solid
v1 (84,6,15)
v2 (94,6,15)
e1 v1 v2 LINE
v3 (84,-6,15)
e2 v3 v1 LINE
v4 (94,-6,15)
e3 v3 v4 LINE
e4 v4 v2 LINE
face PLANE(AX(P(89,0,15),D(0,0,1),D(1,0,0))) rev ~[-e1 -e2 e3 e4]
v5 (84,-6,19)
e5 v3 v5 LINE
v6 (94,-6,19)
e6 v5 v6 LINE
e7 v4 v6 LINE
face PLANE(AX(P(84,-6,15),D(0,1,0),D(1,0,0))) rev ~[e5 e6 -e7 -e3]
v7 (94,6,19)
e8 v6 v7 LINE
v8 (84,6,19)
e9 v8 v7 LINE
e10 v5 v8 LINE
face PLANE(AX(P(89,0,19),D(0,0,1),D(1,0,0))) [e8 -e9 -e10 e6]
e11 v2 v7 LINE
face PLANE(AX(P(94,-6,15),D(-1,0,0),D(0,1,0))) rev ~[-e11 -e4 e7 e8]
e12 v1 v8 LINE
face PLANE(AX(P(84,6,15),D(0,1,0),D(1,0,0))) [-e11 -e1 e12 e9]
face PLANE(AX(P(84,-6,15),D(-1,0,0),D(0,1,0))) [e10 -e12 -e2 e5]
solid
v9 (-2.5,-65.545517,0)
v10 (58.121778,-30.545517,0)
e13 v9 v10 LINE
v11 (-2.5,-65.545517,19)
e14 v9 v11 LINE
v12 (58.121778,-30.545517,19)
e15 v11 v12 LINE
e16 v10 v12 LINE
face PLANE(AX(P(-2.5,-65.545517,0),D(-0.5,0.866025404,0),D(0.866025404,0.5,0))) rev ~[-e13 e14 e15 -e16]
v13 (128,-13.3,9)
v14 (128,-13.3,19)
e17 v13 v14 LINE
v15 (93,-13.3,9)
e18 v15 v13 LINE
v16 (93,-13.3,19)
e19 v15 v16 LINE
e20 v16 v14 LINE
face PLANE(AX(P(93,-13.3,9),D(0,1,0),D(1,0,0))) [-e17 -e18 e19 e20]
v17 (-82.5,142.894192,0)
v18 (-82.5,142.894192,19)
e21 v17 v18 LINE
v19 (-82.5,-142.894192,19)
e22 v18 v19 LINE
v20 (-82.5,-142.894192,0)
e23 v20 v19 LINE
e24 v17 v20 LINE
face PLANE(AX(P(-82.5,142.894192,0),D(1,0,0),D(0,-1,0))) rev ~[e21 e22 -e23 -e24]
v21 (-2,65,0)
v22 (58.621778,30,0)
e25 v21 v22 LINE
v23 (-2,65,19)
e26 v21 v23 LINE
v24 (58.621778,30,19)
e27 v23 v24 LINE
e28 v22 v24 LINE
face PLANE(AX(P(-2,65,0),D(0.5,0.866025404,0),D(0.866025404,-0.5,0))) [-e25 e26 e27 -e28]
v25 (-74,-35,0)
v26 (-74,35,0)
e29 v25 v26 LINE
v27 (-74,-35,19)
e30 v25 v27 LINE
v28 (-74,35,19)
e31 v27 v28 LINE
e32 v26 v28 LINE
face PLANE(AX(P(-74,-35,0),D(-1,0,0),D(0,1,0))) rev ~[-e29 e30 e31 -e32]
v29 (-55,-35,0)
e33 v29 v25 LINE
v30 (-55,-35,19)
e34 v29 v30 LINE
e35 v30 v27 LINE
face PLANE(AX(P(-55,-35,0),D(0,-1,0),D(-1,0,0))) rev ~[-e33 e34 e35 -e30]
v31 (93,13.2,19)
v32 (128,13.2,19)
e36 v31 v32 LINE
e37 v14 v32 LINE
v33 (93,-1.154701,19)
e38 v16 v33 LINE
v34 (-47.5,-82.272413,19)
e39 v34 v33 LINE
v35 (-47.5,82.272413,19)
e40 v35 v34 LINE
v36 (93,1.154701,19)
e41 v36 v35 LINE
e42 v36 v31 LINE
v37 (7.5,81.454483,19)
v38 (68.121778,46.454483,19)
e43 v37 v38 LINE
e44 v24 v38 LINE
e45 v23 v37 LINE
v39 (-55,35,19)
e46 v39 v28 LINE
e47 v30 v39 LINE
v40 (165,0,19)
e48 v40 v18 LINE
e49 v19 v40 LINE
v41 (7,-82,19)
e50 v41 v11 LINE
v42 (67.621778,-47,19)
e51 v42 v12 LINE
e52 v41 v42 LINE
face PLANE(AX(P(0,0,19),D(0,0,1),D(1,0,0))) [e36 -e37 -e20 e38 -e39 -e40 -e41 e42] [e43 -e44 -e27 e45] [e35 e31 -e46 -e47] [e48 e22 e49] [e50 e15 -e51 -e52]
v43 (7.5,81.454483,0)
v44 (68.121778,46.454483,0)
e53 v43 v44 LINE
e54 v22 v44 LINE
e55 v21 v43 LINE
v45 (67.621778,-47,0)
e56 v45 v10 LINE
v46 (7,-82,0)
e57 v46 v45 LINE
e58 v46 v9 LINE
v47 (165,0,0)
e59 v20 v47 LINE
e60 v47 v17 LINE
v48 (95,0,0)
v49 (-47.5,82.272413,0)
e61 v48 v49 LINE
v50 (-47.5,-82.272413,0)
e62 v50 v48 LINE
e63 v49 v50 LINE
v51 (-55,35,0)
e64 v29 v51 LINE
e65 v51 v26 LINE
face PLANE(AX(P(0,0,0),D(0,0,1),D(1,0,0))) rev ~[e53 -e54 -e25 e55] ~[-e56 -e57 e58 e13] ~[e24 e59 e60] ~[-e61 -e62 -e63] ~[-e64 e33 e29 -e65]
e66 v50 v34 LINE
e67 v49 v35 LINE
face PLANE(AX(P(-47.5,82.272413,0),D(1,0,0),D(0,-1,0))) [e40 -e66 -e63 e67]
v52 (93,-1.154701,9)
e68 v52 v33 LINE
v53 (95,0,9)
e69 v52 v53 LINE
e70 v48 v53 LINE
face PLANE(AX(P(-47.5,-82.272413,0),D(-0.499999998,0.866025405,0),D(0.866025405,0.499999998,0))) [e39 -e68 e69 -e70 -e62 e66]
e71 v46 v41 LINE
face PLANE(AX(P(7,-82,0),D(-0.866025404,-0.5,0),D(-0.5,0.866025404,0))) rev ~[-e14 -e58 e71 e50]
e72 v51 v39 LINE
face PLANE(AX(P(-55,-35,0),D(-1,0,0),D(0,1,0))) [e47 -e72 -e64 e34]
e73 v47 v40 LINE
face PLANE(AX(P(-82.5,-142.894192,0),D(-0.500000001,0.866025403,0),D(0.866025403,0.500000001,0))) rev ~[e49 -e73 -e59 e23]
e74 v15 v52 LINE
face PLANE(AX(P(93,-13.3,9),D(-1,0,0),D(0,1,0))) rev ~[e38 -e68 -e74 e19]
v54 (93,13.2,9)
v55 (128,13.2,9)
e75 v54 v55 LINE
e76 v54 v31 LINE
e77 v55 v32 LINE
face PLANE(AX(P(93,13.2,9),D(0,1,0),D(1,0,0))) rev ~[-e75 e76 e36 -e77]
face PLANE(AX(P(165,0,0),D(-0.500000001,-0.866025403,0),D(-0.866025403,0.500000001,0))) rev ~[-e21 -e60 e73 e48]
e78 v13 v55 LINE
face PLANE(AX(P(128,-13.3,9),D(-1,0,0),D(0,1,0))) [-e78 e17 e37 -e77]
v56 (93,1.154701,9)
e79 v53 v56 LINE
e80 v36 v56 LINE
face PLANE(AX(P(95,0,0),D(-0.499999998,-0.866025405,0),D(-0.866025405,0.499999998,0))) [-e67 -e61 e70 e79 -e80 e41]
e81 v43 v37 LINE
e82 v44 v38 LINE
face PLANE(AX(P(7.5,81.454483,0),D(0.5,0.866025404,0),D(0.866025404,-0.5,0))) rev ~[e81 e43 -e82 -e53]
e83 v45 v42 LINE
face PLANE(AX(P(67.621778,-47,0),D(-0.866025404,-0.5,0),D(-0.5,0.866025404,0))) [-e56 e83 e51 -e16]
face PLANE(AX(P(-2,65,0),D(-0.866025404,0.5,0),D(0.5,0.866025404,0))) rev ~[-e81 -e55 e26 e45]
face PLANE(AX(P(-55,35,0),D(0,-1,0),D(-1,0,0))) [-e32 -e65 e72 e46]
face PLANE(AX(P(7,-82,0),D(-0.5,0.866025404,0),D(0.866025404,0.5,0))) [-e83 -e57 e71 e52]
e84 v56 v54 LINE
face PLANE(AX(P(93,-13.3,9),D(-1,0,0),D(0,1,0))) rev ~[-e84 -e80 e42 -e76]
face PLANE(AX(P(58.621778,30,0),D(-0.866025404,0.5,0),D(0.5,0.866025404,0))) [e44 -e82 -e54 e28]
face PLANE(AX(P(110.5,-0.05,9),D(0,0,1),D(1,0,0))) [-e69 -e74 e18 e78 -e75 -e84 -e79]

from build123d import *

# Parameters (mm, degrees)
BOX003_W               = 35
BOX003_H               = 26.5
BOX003_DEPTH           = 10
BOX002_W               = 70
BOX002_H               = 19
BOX002_DEPTH           = 19
BOX002_PLACEMENT_ANGLE = 30
BOX001_W               = 70
BOX001_H               = 19
BOX001_DEPTH           = 19
BOX001_PLACEMENT_ANGLE = 90
BOX_W                  = 70
BOX_H                  = 19
BOX_DEPTH              = 19
BOX_PLACEMENT_ANGLE    = 30
PRISM001_DEPTH         = 19
PRISM_DEPTH            = 19
BOX004_W               = 10
BOX004_H               = 12
BOX004_DEPTH           = 4


with BuildPart() as box003:
    # Box003 → Box003 (new body)
    with BuildSketch(Plane(origin=(93, -13.3, 9), x_dir=(1, 0, 0), z_dir=(0, 0, 1))):
        with Locations((17.5, 13.25)):
            Rectangle(BOX003_W, BOX003_H)
    extrude(amount=BOX003_DEPTH)


with BuildPart() as box002:
    # Box002 → Box002 (new body)
    with BuildSketch(Plane.XY):
        with Locations((35, 9.5)):
            Rectangle(BOX002_W, BOX002_H)
    extrude(amount=BOX002_DEPTH)


with BuildPart() as box002_1:
    # Box002 placement: moved
    add(box002.part.moved(Location((7, -82, 0))).rotate(Axis((7, -82, 0), (0, 0, 1)), BOX002_PLACEMENT_ANGLE))


with BuildPart() as box001:
    # Box001 → Box001 (new body)
    with BuildSketch(Plane.XY):
        with Locations((35, 9.5)):
            Rectangle(BOX001_W, BOX001_H)
    extrude(amount=BOX001_DEPTH)


with BuildPart() as box001_1:
    # Box001 placement: moved
    add(box001.part.moved(Location((-55, -35, 0))).rotate(Axis((-55, -35, 0), (0, 0, 1)), BOX001_PLACEMENT_ANGLE))


with BuildPart() as box:
    # Box → Box (new body)
    with BuildSketch(Plane.XY):
        with Locations((35, 9.5)):
            Rectangle(BOX_W, BOX_H)
    extrude(amount=BOX_DEPTH)


with BuildPart() as box_1:
    # Box placement: moved
    add(box.part.moved(Location((-2, 65, 0))).rotate(Axis((-2, 65, 0), (0, 0, -1)), BOX_PLACEMENT_ANGLE))


with BuildPart() as prism001:
    # Prism001 → Prism001 (new body)
    with BuildSketch(Plane.XY):
        Polygon((95, 0), (-47.5, 82.272413), (-47.5, -82.272413), align=None)
    extrude(amount=PRISM001_DEPTH)


with BuildPart() as cut004:
    # Prism → Prism (new body)
    with BuildSketch(Plane.XY):
        Polygon((165, 0), (-82.5, 142.894192), (-82.5, -142.894192), align=None)
    extrude(amount=PRISM_DEPTH)

    # Cut: cut Prism001
    add(prism001.part, mode=Mode.SUBTRACT)

    # Cut001: cut Box
    add(box_1.part, mode=Mode.SUBTRACT)

    # Cut002: cut Box001
    add(box001_1.part, mode=Mode.SUBTRACT)

    # Cut003: cut Box002
    add(box002_1.part, mode=Mode.SUBTRACT)

    # Cut004: cut Box003
    add(box003.part, mode=Mode.SUBTRACT)


with BuildPart() as box004:
    # Box004 → Box004 (new body)
    with BuildSketch(Plane(origin=(84, -6, 15), x_dir=(1, 0, 0), z_dir=(0, 0, 1))):
        with Locations((5, 6)):
            Rectangle(BOX004_W, BOX004_H)
    extrude(amount=BOX004_DEPTH)


solid = Compound([cut004.part, box004.part])
